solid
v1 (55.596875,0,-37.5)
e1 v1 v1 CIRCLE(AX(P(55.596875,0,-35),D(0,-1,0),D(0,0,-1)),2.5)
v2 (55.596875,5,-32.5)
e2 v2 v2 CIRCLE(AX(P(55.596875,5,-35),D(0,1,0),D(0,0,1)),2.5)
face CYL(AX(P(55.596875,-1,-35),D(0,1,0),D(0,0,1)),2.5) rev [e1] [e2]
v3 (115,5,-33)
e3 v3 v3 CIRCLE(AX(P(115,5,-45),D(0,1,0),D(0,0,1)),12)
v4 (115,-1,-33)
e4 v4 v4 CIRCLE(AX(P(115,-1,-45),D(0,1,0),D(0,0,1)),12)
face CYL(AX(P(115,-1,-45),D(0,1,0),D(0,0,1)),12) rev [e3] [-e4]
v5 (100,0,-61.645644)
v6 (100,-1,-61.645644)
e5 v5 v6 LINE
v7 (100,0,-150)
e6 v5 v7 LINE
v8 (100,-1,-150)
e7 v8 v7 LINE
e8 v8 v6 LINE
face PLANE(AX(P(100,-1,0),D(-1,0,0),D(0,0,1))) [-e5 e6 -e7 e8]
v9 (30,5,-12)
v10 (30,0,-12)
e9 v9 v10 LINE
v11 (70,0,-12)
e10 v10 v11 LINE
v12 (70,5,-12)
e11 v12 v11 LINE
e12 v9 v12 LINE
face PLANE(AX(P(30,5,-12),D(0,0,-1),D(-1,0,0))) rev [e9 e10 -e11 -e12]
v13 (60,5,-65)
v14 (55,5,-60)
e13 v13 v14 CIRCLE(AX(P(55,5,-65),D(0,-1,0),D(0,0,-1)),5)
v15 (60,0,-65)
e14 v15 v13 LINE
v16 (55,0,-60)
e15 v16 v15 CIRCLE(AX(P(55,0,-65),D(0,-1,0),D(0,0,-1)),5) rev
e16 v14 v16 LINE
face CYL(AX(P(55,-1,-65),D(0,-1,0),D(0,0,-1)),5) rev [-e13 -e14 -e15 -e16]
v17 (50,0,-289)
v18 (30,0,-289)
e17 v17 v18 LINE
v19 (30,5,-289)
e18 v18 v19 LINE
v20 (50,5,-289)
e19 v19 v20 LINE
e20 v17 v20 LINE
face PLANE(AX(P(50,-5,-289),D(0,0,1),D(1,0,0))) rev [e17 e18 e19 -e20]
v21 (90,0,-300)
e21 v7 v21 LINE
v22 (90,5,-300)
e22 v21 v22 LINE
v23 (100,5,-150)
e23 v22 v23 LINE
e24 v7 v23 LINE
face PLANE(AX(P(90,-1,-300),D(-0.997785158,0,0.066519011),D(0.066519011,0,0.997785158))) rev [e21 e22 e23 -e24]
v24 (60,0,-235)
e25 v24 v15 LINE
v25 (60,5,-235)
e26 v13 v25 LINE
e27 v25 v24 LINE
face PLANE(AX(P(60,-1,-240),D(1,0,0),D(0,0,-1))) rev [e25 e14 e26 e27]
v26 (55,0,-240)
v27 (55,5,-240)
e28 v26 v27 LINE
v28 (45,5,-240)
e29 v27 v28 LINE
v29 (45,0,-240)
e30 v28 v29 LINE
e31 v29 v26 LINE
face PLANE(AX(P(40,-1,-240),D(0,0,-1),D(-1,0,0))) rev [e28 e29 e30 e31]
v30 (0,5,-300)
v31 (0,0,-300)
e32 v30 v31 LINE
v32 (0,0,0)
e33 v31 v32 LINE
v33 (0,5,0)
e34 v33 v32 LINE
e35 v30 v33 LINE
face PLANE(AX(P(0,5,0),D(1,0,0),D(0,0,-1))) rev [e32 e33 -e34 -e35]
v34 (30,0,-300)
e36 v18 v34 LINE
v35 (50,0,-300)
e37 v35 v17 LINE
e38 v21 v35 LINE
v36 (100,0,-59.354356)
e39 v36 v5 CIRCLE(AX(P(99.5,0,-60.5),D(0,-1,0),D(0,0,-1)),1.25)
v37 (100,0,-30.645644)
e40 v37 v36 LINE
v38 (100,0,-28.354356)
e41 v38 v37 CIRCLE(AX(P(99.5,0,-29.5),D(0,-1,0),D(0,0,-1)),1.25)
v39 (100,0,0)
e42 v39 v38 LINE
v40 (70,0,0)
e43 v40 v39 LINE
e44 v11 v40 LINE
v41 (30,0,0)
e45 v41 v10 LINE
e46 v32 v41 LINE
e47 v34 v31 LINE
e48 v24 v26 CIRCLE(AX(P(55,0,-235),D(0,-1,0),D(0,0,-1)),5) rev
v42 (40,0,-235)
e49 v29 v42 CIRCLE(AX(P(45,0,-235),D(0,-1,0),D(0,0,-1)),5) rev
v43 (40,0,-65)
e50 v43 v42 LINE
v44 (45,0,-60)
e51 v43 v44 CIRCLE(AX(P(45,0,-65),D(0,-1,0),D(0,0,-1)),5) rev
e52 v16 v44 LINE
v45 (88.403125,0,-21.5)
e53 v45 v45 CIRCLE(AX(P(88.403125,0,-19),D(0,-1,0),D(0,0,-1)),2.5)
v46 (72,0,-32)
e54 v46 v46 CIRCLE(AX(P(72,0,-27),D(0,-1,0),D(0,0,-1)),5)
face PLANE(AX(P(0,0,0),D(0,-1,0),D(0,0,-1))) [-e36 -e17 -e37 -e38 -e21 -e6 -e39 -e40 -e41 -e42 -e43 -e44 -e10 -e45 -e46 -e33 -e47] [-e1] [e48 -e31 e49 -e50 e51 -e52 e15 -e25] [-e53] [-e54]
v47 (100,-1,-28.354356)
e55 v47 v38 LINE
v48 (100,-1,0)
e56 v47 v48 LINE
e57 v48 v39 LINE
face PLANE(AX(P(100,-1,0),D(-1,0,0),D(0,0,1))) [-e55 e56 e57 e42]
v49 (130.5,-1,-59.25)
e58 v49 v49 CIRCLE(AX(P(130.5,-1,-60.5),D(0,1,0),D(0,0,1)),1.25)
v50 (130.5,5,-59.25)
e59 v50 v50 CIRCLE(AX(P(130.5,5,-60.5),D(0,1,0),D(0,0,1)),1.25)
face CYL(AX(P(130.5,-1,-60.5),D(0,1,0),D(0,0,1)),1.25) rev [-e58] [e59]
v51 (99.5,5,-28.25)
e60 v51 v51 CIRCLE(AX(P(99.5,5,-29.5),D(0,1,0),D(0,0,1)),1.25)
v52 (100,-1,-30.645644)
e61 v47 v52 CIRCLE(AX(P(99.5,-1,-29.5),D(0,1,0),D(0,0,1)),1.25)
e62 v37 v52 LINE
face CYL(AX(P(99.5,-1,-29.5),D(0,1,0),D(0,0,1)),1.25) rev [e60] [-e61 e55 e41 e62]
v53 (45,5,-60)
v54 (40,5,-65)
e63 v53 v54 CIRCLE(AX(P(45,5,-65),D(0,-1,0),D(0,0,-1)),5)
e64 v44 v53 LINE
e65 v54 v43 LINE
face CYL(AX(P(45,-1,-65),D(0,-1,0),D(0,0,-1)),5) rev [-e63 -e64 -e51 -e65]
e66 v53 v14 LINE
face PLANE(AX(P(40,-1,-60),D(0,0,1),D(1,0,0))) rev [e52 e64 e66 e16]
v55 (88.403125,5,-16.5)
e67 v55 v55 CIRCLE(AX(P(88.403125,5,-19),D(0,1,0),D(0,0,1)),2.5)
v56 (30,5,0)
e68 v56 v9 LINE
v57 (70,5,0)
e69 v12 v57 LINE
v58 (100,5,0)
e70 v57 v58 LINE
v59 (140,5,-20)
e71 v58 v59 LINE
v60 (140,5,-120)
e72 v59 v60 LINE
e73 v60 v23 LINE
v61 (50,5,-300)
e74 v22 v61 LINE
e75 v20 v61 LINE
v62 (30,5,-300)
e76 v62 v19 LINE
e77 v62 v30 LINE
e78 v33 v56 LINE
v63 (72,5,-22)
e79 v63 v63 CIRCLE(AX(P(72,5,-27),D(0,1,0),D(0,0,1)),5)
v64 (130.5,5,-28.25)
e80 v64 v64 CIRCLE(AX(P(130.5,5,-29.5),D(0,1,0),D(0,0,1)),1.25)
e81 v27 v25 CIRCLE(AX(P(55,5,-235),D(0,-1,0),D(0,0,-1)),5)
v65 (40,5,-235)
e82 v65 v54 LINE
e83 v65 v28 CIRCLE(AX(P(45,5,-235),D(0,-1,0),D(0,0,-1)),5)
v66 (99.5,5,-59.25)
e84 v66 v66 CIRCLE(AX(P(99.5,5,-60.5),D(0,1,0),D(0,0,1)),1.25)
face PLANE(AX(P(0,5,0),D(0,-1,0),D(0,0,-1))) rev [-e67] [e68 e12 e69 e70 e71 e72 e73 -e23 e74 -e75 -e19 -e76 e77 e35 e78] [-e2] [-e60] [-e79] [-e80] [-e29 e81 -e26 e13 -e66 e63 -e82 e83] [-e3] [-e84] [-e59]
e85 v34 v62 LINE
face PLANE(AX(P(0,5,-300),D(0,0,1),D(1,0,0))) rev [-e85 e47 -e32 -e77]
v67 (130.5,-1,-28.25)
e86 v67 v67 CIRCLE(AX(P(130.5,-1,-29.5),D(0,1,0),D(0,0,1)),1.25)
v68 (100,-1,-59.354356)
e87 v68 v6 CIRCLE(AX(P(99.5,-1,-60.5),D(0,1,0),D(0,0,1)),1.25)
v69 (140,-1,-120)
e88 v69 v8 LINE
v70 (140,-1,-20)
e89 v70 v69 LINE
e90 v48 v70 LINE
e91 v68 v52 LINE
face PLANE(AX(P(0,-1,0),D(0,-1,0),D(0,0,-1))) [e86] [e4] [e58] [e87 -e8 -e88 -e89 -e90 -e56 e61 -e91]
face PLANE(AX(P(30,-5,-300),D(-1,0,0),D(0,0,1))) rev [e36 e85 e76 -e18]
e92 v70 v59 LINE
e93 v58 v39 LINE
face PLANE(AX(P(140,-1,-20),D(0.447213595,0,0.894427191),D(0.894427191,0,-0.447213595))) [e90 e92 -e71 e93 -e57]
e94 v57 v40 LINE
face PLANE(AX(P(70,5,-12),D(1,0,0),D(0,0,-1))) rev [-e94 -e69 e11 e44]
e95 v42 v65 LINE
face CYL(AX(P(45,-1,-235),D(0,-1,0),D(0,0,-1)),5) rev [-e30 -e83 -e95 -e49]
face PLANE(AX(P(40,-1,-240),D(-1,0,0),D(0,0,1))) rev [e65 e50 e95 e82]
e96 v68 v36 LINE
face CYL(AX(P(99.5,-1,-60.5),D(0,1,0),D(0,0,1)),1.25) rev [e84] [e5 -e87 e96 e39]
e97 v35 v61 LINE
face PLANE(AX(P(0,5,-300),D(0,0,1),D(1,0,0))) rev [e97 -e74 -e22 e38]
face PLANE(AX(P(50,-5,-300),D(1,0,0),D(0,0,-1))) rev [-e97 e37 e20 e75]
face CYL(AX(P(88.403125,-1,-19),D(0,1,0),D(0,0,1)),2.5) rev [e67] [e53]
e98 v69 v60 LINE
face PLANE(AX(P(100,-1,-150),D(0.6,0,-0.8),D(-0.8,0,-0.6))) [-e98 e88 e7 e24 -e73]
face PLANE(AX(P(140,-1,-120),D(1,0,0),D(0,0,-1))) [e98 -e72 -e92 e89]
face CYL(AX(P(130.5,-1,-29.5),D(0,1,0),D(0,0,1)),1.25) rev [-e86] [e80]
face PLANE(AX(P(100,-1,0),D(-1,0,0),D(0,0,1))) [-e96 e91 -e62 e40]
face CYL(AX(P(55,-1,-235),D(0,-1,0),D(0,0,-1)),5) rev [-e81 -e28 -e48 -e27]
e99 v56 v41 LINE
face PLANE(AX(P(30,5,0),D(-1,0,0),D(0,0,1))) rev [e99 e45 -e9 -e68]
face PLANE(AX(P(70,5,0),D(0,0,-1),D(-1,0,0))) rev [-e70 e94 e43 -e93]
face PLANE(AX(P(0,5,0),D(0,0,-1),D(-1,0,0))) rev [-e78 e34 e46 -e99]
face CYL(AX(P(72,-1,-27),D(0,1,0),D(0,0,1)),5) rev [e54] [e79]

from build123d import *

# Parameters (mm, degrees)
BOSS_EXTRUDE1_DEPTH = 5
SKETCH2_R           = 5
SKETCH2_R_2         = 2.5
CUT_EXTRUDE1_DEPTH  = 6
SKETCH4_W           = 20
SKETCH4_H           = 11
CUT_EXTRUDE3_DEPTH  = 10
BOSS_EXTRUDE3_DEPTH = 6
SKETCH7_R           = 1.25
SKETCH7_R_2         = 12
CUT_EXTRUDE4_DEPTH  = 6
SKETCH9_W           = 20
SKETCH9_H           = 180
CUT_EXTRUDE5_DEPTH  = 6
FILLET1_R           = 5


with BuildPart() as part:
    # Sketch1 → Boss-Extrude1 (new body)
    with BuildSketch(Plane(origin=(0, 0, 0), x_dir=(1, 0, 0), z_dir=(0, 1, 0))):
        Polygon((0, 0), (30, 0), (30, 12), (70, 12), (70, 0), (100, 0), (100, 300), (0, 300), align=None)
    extrude(amount=BOSS_EXTRUDE1_DEPTH)

    # Sketch2 → Cut-Extrude1 (cut)
    with BuildSketch(Plane(origin=(0, 5, 0), x_dir=(1, 0, 0), z_dir=(0, 1, 0))):
        with Locations(Location((72, 27, 0), (0, 0, 270))):
            Circle(SKETCH2_R)
        with Locations(Location((88.403124702, 19, 0), (0, 0, 270))):
            Circle(SKETCH2_R_2)
        with Locations(Location((55.596875298, 35, 0), (0, 0, 270))):
            Circle(SKETCH2_R_2)
    extrude(amount=-CUT_EXTRUDE1_DEPTH, mode=Mode.SUBTRACT)

    # Sketch4 → Cut-Extrude3 (cut)
    with BuildSketch(Plane(origin=(0, 5, 0), x_dir=(1, 0, 0), z_dir=(0, 1, 0))):
        with Locations((40, 294.5)):
            Rectangle(SKETCH4_W, SKETCH4_H)
    extrude(amount=-CUT_EXTRUDE3_DEPTH, mode=Mode.SUBTRACT)

    # Sketch6 → Boss-Extrude3 (add)
    with BuildSketch(Plane(origin=(0, 5, 0), x_dir=(1, 0, 0), z_dir=(0, 1, 0))):
        Polygon((100, 0), (100, 150), (140, 120), (140, 20), align=None)
    extrude(amount=-BOSS_EXTRUDE3_DEPTH)

    # Sketch7 → Cut-Extrude4 (cut)
    with BuildSketch(Plane(origin=(0, 5, 0), x_dir=(1, 0, 0), z_dir=(0, 1, 0))):
        with Locations(Location((130.5, 60.5, 0), (0, 0, 270))):
            Circle(SKETCH7_R)
        with Locations(Location((99.5, 60.5, 0), (0, 0, 270))):
            Circle(SKETCH7_R)
        with Locations(Location((99.5, 29.5, 0), (0, 0, 270))):
            Circle(SKETCH7_R)
        with Locations(Location((130.5, 29.5, 0), (0, 0, 270))):
            Circle(SKETCH7_R)
        with Locations(Location((115, 45, 0), (0, 0, 270))):
            Circle(SKETCH7_R_2)
    extrude(amount=-CUT_EXTRUDE4_DEPTH, mode=Mode.SUBTRACT)

    # Sketch9 → Cut-Extrude5 (cut)
    with BuildSketch(Plane(origin=(0, 5, 0), x_dir=(1, 0, 0), z_dir=(0, 1, 0))):
        Polygon((100, 300), (90, 300), (100, 150), align=None)
        with Locations((50, 150)):
            Rectangle(SKETCH9_W, SKETCH9_H)
    extrude(amount=-CUT_EXTRUDE5_DEPTH, mode=Mode.SUBTRACT)

    # Fillet1
    fillet1_edges = [part.edges().sort_by_distance(p)[0] for p in [
        (60, 2.5, -240),
        (60, 2.5, -60),
        (40, 2.5, -60),
        (40, 2.5, -240),
    ]]
    fillet(fillet1_edges, radius=FILLET1_R)


solid = part.part
